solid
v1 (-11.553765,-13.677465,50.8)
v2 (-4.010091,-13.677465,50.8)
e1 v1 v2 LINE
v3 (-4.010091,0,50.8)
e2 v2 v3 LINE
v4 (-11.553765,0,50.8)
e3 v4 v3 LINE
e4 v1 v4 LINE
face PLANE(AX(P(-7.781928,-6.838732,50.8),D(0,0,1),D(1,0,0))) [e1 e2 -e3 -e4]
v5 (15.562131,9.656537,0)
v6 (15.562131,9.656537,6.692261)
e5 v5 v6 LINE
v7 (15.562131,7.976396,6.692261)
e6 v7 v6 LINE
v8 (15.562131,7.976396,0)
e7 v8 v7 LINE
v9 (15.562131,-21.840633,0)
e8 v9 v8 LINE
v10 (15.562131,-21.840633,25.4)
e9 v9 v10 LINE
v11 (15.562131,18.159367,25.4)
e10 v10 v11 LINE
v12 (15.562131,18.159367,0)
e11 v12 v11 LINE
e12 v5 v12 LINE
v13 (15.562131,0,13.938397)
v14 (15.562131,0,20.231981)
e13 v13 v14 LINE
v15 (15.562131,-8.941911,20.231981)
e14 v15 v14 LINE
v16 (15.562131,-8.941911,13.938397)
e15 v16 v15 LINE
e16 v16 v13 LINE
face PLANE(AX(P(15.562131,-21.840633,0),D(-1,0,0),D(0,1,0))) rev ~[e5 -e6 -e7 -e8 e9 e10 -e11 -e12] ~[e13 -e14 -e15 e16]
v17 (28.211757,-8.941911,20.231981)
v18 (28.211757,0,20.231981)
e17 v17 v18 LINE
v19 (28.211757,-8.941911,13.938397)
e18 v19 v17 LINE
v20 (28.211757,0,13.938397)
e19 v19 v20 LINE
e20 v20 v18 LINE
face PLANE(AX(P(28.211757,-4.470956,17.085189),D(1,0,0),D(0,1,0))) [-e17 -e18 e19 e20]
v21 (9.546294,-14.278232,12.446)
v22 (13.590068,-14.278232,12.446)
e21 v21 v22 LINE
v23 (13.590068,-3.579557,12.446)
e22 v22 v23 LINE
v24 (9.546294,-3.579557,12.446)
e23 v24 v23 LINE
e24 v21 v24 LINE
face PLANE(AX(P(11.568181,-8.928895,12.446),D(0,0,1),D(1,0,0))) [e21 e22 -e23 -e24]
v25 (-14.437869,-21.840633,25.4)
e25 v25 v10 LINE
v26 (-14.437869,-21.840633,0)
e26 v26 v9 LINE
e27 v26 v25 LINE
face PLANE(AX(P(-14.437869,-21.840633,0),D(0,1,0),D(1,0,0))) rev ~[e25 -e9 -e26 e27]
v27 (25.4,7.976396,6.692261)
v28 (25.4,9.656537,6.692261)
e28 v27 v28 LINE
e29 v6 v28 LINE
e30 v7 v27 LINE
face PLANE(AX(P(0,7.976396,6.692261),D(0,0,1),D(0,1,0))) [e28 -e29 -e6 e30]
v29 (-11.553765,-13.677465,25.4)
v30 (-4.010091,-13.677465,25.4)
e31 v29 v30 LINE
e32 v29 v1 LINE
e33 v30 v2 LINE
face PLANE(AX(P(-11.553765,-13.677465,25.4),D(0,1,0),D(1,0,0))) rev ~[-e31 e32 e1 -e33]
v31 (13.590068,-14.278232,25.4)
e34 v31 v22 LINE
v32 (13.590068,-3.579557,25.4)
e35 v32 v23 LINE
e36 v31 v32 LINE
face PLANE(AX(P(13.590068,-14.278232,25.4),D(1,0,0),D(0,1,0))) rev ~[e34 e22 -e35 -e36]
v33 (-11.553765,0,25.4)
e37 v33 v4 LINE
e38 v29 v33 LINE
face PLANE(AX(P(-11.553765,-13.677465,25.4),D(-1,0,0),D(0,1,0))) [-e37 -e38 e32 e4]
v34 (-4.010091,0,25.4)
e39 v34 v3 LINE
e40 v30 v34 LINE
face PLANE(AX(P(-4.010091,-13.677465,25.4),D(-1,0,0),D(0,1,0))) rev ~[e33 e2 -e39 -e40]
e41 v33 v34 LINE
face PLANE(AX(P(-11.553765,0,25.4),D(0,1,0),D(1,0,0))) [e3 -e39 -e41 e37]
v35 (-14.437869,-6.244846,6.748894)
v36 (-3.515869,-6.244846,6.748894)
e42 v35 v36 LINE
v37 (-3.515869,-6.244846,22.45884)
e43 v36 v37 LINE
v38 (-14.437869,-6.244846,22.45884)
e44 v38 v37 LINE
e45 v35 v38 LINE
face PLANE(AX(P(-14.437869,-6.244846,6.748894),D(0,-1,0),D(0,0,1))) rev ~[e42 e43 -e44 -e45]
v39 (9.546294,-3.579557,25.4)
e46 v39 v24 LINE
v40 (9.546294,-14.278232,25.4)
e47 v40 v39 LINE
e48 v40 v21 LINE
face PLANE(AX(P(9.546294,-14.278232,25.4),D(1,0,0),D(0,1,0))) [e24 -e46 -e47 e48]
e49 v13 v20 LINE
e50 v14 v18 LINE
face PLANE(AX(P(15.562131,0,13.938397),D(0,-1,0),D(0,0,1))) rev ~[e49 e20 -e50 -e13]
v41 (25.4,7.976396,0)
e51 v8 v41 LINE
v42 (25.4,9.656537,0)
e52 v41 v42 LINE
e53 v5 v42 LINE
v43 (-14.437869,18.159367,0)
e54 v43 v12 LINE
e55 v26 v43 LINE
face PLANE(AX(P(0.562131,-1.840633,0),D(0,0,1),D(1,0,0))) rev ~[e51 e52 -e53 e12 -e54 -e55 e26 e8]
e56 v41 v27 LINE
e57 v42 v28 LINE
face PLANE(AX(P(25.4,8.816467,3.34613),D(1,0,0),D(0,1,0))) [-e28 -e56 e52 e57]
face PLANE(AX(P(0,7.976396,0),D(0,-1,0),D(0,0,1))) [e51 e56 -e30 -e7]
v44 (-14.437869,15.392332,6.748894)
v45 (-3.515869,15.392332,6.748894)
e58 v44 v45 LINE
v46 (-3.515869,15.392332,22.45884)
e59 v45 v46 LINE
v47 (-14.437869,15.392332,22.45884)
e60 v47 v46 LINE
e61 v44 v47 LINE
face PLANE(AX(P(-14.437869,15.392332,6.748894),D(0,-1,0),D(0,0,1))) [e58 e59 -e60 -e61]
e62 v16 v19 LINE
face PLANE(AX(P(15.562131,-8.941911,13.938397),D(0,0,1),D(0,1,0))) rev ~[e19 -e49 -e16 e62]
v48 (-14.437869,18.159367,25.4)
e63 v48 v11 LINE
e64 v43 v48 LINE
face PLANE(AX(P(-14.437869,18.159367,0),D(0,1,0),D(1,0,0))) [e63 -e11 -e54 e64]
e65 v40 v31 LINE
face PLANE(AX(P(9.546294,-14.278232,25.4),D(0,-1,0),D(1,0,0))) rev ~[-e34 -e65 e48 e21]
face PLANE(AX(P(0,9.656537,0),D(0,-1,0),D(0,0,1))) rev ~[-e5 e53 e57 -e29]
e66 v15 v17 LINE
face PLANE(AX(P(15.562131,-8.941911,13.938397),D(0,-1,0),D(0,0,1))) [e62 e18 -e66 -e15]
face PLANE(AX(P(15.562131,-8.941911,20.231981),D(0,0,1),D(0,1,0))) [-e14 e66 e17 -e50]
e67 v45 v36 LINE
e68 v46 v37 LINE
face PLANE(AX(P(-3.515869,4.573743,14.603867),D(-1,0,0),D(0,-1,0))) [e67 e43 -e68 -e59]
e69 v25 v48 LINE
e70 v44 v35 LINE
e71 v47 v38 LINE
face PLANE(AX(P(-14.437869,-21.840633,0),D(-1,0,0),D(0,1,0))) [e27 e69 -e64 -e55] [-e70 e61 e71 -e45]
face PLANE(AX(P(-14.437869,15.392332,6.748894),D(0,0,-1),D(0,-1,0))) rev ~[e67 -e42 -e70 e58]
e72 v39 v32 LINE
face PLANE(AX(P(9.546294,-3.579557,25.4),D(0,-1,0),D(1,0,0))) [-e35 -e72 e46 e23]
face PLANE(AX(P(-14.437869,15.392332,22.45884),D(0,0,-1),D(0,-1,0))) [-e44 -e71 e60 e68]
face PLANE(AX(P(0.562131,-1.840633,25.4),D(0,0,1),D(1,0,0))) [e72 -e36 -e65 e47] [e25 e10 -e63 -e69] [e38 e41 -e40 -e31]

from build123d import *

# Parameters (mm, degrees)
F0_W      = 30
F0_H      = 40
F1_DEPTH  = 25.4
F3_W      = 7.5436746702
F3_H      = 13.6774647981
F4_DEPTH  = 25.4
F5_W      = 4.043773748
F5_H      = 10.6986747123
F6_DEPTH  = 12.954
F7_W      = 1.6801413149
F7_H      = 6.6922605038
F8_DEPTH  = 25.4
F9_W      = 21.6371780261
F9_H      = 15.7099463977
F10_DEPTH = 10.922
F11_W     = 8.9419111609
F11_H     = 6.2935836613
F12_DEPTH = 12.6496255398


with BuildPart() as f1:
    # F0 (on Top) → F1 (new body)
    with BuildSketch(Plane.XY):
        with Locations((0.5621314049, -1.8406331738)):
            Rectangle(F0_W, F0_H)
    extrude(amount=F1_DEPTH)

    # F3 (on face) → F4 (join)
    with BuildSketch(Plane.XY.offset(25.4)):
        with Locations((-7.7819279395, -6.838732399)):
            Rectangle(F3_W, F3_H)
    extrude(amount=F4_DEPTH)

    # F5 (on face) → F6 (cut)
    with BuildSketch(Plane.XY.offset(25.4)):
        with Locations((11.5681807511, -8.9288947638)):
            Rectangle(F5_W, F5_H)
    extrude(amount=-F6_DEPTH, mode=Mode.SUBTRACT)

    # F7 (on Right) → F8 (join)
    with BuildSketch(Plane.YZ):
        with Locations((8.8164666668, 3.3461302519)):
            Rectangle(F7_W, F7_H)
    extrude(amount=F8_DEPTH)

    # F9 (on face) → F10 (cut)
    with BuildSketch(Plane(origin=(-14.4378685951, 0, 0), x_dir=(0, -1, 0), z_dir=(-1, 0, 0))):
        with Locations((-4.5737433247, 14.6038669627)):
            Rectangle(F9_W, F9_H)
    extrude(amount=-F10_DEPTH, mode=Mode.SUBTRACT)

    # F11 (on face) → F12 (join)
    with BuildSketch(Plane.YZ.offset(15.5621314049)):
        with Locations((-4.4709555805, 17.0851889998)):
            Rectangle(F11_W, F11_H)
    extrude(amount=F12_DEPTH)


solid = f1.part
